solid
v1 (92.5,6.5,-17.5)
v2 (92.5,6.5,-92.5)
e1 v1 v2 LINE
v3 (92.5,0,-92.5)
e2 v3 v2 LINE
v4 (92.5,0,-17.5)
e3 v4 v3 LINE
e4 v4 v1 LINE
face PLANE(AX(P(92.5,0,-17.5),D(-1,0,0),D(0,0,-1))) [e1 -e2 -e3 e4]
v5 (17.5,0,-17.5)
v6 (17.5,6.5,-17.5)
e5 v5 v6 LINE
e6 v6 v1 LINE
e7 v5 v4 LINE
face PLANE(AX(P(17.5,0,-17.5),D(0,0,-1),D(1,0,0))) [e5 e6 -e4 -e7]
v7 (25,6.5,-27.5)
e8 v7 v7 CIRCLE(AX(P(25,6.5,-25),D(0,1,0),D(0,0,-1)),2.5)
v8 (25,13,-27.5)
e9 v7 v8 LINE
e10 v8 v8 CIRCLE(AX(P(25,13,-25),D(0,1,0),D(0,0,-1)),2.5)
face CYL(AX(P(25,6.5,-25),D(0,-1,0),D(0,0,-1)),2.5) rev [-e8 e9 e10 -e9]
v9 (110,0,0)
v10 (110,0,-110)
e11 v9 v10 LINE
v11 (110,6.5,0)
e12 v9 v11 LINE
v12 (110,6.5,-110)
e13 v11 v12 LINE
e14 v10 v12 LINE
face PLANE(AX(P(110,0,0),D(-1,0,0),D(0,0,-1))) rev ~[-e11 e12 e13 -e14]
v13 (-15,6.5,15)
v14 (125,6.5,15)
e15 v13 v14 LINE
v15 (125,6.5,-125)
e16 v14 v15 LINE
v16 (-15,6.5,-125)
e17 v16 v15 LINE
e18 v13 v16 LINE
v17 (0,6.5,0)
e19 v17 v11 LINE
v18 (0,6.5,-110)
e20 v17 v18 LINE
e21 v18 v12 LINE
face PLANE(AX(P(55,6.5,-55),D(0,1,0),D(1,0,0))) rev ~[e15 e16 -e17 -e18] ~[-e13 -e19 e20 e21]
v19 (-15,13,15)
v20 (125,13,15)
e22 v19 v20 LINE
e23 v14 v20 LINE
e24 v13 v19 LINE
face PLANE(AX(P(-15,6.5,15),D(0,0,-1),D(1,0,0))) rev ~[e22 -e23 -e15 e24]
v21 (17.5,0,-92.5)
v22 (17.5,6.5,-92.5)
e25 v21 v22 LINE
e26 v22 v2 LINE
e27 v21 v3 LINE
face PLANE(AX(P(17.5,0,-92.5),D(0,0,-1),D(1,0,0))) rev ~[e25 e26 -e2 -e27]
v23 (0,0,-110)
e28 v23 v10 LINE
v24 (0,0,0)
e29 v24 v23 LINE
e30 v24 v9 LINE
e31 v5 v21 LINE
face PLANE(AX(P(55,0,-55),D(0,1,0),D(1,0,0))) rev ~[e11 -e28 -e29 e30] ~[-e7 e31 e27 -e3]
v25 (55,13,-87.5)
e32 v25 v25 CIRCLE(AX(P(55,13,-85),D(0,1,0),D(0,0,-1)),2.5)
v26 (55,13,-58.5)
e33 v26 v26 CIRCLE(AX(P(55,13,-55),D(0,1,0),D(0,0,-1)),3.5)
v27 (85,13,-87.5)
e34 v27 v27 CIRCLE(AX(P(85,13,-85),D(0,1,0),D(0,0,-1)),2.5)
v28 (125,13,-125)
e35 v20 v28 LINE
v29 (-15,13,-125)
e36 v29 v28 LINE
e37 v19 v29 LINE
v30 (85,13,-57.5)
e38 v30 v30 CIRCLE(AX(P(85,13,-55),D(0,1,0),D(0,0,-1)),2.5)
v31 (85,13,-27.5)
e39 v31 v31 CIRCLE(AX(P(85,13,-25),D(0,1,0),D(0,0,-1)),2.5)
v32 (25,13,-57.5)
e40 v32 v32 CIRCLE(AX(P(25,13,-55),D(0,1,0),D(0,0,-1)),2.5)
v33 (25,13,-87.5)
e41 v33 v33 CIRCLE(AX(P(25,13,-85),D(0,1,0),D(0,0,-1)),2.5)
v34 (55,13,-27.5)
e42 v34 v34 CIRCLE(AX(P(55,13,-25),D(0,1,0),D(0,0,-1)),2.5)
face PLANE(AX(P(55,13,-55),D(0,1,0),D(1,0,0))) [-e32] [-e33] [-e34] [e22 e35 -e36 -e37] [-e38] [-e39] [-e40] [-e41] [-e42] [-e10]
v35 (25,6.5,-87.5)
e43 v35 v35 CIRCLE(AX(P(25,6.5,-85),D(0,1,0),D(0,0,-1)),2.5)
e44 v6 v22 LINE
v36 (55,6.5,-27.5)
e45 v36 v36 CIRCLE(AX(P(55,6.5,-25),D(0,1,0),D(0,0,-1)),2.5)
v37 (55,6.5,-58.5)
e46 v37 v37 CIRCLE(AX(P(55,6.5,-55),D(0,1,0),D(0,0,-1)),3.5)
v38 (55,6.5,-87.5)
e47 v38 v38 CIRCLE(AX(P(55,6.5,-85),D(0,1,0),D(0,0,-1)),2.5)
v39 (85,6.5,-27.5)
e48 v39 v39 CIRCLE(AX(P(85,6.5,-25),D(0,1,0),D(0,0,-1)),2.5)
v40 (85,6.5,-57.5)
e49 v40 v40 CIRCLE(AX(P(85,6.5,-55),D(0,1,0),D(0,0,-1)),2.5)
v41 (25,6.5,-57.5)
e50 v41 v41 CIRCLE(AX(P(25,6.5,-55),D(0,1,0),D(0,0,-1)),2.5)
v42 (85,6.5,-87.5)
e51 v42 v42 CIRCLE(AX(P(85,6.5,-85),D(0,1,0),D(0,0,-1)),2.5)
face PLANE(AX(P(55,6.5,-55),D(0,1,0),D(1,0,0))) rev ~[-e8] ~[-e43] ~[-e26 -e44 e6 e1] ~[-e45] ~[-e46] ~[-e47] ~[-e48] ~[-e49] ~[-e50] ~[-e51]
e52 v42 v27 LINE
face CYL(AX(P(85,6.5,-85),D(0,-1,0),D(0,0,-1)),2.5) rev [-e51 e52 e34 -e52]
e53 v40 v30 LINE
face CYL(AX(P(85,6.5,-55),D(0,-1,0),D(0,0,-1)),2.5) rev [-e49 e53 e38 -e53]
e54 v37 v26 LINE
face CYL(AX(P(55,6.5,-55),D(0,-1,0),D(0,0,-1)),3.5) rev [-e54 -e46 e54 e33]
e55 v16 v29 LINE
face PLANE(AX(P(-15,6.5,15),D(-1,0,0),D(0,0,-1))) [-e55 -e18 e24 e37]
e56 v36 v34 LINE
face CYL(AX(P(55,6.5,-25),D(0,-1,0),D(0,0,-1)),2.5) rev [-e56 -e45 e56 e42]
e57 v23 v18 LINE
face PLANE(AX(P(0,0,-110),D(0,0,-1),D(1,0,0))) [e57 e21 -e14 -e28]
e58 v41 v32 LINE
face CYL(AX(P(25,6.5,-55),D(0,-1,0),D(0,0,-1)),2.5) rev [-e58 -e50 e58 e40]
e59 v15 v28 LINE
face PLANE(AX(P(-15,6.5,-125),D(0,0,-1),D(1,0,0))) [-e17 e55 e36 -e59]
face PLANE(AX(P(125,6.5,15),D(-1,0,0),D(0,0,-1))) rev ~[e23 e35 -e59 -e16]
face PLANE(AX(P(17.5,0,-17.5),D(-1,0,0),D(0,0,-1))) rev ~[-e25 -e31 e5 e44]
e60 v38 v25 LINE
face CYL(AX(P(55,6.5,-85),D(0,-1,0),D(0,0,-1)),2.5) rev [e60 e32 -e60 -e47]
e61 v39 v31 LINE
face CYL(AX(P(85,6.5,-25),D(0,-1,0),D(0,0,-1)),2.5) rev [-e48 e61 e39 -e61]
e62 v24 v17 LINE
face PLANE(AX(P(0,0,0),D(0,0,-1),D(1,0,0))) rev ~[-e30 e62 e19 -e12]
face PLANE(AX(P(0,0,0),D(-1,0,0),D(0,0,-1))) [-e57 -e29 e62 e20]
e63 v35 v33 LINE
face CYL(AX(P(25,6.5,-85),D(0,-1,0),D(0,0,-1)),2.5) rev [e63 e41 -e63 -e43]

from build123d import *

# Parameters (mm, degrees)
CROQUIS1_W              = 110
CROQUIS1_H              = 110
CROQUIS1_W_2            = 75
CROQUIS1_H_2            = 75
SALIENTE_EXTRUIR1_DEPTH = 6.5
CROQUIS2_W              = 140
CROQUIS2_H              = 140
CROQUIS2_R              = 3.5
CROQUIS2_R_2            = 2.5
SALIENTE_EXTRUIR2_DEPTH = 6.5


with BuildPart() as part:
    # Croquis1 → Saliente-Extruir1 (new body)
    with BuildSketch(Plane(origin=(0, 0, 0), x_dir=(1, 0, 0), z_dir=(0, 1, 0))):
        with Locations((55, 55)):
            Rectangle(CROQUIS1_W, CROQUIS1_H)
        with Locations((55, 55)):
            Rectangle(CROQUIS1_W_2, CROQUIS1_H_2, mode=Mode.SUBTRACT)
    extrude(amount=SALIENTE_EXTRUIR1_DEPTH)

    # Croquis2 → Saliente-Extruir2 (add)
    with BuildSketch(Plane(origin=(0, 6.5, 0), x_dir=(1, 0, 0), z_dir=(0, 1, 0))):
        with Locations((55, 55)):
            Rectangle(CROQUIS2_W, CROQUIS2_H)
        with Locations(Location((55, 55, 0), (0, 0, 90))):
            Circle(CROQUIS2_R, mode=Mode.SUBTRACT)
        with Locations(Location((25, 85, 0), (0, 0, 90))):
            Circle(CROQUIS2_R_2, mode=Mode.SUBTRACT)
        with Locations(Location((85, 85, 0), (0, 0, 90))):
            Circle(CROQUIS2_R_2, mode=Mode.SUBTRACT)
        with Locations(Location((85, 25, 0), (0, 0, 90))):
            Circle(CROQUIS2_R_2, mode=Mode.SUBTRACT)
        with Locations(Location((25, 25, 0), (0, 0, 90))):
            Circle(CROQUIS2_R_2, mode=Mode.SUBTRACT)
        with Locations(Location((55, 85, 0), (0, 0, 90))):
            Circle(CROQUIS2_R_2, mode=Mode.SUBTRACT)
        with Locations(Location((85, 55, 0), (0, 0, 90))):
            Circle(CROQUIS2_R_2, mode=Mode.SUBTRACT)
        with Locations(Location((55, 25, 0), (0, 0, 90))):
            Circle(CROQUIS2_R_2, mode=Mode.SUBTRACT)
        with Locations(Location((25, 55, 0), (0, 0, 90))):
            Circle(CROQUIS2_R_2, mode=Mode.SUBTRACT)
    extrude(amount=SALIENTE_EXTRUIR2_DEPTH)


solid = part.part
